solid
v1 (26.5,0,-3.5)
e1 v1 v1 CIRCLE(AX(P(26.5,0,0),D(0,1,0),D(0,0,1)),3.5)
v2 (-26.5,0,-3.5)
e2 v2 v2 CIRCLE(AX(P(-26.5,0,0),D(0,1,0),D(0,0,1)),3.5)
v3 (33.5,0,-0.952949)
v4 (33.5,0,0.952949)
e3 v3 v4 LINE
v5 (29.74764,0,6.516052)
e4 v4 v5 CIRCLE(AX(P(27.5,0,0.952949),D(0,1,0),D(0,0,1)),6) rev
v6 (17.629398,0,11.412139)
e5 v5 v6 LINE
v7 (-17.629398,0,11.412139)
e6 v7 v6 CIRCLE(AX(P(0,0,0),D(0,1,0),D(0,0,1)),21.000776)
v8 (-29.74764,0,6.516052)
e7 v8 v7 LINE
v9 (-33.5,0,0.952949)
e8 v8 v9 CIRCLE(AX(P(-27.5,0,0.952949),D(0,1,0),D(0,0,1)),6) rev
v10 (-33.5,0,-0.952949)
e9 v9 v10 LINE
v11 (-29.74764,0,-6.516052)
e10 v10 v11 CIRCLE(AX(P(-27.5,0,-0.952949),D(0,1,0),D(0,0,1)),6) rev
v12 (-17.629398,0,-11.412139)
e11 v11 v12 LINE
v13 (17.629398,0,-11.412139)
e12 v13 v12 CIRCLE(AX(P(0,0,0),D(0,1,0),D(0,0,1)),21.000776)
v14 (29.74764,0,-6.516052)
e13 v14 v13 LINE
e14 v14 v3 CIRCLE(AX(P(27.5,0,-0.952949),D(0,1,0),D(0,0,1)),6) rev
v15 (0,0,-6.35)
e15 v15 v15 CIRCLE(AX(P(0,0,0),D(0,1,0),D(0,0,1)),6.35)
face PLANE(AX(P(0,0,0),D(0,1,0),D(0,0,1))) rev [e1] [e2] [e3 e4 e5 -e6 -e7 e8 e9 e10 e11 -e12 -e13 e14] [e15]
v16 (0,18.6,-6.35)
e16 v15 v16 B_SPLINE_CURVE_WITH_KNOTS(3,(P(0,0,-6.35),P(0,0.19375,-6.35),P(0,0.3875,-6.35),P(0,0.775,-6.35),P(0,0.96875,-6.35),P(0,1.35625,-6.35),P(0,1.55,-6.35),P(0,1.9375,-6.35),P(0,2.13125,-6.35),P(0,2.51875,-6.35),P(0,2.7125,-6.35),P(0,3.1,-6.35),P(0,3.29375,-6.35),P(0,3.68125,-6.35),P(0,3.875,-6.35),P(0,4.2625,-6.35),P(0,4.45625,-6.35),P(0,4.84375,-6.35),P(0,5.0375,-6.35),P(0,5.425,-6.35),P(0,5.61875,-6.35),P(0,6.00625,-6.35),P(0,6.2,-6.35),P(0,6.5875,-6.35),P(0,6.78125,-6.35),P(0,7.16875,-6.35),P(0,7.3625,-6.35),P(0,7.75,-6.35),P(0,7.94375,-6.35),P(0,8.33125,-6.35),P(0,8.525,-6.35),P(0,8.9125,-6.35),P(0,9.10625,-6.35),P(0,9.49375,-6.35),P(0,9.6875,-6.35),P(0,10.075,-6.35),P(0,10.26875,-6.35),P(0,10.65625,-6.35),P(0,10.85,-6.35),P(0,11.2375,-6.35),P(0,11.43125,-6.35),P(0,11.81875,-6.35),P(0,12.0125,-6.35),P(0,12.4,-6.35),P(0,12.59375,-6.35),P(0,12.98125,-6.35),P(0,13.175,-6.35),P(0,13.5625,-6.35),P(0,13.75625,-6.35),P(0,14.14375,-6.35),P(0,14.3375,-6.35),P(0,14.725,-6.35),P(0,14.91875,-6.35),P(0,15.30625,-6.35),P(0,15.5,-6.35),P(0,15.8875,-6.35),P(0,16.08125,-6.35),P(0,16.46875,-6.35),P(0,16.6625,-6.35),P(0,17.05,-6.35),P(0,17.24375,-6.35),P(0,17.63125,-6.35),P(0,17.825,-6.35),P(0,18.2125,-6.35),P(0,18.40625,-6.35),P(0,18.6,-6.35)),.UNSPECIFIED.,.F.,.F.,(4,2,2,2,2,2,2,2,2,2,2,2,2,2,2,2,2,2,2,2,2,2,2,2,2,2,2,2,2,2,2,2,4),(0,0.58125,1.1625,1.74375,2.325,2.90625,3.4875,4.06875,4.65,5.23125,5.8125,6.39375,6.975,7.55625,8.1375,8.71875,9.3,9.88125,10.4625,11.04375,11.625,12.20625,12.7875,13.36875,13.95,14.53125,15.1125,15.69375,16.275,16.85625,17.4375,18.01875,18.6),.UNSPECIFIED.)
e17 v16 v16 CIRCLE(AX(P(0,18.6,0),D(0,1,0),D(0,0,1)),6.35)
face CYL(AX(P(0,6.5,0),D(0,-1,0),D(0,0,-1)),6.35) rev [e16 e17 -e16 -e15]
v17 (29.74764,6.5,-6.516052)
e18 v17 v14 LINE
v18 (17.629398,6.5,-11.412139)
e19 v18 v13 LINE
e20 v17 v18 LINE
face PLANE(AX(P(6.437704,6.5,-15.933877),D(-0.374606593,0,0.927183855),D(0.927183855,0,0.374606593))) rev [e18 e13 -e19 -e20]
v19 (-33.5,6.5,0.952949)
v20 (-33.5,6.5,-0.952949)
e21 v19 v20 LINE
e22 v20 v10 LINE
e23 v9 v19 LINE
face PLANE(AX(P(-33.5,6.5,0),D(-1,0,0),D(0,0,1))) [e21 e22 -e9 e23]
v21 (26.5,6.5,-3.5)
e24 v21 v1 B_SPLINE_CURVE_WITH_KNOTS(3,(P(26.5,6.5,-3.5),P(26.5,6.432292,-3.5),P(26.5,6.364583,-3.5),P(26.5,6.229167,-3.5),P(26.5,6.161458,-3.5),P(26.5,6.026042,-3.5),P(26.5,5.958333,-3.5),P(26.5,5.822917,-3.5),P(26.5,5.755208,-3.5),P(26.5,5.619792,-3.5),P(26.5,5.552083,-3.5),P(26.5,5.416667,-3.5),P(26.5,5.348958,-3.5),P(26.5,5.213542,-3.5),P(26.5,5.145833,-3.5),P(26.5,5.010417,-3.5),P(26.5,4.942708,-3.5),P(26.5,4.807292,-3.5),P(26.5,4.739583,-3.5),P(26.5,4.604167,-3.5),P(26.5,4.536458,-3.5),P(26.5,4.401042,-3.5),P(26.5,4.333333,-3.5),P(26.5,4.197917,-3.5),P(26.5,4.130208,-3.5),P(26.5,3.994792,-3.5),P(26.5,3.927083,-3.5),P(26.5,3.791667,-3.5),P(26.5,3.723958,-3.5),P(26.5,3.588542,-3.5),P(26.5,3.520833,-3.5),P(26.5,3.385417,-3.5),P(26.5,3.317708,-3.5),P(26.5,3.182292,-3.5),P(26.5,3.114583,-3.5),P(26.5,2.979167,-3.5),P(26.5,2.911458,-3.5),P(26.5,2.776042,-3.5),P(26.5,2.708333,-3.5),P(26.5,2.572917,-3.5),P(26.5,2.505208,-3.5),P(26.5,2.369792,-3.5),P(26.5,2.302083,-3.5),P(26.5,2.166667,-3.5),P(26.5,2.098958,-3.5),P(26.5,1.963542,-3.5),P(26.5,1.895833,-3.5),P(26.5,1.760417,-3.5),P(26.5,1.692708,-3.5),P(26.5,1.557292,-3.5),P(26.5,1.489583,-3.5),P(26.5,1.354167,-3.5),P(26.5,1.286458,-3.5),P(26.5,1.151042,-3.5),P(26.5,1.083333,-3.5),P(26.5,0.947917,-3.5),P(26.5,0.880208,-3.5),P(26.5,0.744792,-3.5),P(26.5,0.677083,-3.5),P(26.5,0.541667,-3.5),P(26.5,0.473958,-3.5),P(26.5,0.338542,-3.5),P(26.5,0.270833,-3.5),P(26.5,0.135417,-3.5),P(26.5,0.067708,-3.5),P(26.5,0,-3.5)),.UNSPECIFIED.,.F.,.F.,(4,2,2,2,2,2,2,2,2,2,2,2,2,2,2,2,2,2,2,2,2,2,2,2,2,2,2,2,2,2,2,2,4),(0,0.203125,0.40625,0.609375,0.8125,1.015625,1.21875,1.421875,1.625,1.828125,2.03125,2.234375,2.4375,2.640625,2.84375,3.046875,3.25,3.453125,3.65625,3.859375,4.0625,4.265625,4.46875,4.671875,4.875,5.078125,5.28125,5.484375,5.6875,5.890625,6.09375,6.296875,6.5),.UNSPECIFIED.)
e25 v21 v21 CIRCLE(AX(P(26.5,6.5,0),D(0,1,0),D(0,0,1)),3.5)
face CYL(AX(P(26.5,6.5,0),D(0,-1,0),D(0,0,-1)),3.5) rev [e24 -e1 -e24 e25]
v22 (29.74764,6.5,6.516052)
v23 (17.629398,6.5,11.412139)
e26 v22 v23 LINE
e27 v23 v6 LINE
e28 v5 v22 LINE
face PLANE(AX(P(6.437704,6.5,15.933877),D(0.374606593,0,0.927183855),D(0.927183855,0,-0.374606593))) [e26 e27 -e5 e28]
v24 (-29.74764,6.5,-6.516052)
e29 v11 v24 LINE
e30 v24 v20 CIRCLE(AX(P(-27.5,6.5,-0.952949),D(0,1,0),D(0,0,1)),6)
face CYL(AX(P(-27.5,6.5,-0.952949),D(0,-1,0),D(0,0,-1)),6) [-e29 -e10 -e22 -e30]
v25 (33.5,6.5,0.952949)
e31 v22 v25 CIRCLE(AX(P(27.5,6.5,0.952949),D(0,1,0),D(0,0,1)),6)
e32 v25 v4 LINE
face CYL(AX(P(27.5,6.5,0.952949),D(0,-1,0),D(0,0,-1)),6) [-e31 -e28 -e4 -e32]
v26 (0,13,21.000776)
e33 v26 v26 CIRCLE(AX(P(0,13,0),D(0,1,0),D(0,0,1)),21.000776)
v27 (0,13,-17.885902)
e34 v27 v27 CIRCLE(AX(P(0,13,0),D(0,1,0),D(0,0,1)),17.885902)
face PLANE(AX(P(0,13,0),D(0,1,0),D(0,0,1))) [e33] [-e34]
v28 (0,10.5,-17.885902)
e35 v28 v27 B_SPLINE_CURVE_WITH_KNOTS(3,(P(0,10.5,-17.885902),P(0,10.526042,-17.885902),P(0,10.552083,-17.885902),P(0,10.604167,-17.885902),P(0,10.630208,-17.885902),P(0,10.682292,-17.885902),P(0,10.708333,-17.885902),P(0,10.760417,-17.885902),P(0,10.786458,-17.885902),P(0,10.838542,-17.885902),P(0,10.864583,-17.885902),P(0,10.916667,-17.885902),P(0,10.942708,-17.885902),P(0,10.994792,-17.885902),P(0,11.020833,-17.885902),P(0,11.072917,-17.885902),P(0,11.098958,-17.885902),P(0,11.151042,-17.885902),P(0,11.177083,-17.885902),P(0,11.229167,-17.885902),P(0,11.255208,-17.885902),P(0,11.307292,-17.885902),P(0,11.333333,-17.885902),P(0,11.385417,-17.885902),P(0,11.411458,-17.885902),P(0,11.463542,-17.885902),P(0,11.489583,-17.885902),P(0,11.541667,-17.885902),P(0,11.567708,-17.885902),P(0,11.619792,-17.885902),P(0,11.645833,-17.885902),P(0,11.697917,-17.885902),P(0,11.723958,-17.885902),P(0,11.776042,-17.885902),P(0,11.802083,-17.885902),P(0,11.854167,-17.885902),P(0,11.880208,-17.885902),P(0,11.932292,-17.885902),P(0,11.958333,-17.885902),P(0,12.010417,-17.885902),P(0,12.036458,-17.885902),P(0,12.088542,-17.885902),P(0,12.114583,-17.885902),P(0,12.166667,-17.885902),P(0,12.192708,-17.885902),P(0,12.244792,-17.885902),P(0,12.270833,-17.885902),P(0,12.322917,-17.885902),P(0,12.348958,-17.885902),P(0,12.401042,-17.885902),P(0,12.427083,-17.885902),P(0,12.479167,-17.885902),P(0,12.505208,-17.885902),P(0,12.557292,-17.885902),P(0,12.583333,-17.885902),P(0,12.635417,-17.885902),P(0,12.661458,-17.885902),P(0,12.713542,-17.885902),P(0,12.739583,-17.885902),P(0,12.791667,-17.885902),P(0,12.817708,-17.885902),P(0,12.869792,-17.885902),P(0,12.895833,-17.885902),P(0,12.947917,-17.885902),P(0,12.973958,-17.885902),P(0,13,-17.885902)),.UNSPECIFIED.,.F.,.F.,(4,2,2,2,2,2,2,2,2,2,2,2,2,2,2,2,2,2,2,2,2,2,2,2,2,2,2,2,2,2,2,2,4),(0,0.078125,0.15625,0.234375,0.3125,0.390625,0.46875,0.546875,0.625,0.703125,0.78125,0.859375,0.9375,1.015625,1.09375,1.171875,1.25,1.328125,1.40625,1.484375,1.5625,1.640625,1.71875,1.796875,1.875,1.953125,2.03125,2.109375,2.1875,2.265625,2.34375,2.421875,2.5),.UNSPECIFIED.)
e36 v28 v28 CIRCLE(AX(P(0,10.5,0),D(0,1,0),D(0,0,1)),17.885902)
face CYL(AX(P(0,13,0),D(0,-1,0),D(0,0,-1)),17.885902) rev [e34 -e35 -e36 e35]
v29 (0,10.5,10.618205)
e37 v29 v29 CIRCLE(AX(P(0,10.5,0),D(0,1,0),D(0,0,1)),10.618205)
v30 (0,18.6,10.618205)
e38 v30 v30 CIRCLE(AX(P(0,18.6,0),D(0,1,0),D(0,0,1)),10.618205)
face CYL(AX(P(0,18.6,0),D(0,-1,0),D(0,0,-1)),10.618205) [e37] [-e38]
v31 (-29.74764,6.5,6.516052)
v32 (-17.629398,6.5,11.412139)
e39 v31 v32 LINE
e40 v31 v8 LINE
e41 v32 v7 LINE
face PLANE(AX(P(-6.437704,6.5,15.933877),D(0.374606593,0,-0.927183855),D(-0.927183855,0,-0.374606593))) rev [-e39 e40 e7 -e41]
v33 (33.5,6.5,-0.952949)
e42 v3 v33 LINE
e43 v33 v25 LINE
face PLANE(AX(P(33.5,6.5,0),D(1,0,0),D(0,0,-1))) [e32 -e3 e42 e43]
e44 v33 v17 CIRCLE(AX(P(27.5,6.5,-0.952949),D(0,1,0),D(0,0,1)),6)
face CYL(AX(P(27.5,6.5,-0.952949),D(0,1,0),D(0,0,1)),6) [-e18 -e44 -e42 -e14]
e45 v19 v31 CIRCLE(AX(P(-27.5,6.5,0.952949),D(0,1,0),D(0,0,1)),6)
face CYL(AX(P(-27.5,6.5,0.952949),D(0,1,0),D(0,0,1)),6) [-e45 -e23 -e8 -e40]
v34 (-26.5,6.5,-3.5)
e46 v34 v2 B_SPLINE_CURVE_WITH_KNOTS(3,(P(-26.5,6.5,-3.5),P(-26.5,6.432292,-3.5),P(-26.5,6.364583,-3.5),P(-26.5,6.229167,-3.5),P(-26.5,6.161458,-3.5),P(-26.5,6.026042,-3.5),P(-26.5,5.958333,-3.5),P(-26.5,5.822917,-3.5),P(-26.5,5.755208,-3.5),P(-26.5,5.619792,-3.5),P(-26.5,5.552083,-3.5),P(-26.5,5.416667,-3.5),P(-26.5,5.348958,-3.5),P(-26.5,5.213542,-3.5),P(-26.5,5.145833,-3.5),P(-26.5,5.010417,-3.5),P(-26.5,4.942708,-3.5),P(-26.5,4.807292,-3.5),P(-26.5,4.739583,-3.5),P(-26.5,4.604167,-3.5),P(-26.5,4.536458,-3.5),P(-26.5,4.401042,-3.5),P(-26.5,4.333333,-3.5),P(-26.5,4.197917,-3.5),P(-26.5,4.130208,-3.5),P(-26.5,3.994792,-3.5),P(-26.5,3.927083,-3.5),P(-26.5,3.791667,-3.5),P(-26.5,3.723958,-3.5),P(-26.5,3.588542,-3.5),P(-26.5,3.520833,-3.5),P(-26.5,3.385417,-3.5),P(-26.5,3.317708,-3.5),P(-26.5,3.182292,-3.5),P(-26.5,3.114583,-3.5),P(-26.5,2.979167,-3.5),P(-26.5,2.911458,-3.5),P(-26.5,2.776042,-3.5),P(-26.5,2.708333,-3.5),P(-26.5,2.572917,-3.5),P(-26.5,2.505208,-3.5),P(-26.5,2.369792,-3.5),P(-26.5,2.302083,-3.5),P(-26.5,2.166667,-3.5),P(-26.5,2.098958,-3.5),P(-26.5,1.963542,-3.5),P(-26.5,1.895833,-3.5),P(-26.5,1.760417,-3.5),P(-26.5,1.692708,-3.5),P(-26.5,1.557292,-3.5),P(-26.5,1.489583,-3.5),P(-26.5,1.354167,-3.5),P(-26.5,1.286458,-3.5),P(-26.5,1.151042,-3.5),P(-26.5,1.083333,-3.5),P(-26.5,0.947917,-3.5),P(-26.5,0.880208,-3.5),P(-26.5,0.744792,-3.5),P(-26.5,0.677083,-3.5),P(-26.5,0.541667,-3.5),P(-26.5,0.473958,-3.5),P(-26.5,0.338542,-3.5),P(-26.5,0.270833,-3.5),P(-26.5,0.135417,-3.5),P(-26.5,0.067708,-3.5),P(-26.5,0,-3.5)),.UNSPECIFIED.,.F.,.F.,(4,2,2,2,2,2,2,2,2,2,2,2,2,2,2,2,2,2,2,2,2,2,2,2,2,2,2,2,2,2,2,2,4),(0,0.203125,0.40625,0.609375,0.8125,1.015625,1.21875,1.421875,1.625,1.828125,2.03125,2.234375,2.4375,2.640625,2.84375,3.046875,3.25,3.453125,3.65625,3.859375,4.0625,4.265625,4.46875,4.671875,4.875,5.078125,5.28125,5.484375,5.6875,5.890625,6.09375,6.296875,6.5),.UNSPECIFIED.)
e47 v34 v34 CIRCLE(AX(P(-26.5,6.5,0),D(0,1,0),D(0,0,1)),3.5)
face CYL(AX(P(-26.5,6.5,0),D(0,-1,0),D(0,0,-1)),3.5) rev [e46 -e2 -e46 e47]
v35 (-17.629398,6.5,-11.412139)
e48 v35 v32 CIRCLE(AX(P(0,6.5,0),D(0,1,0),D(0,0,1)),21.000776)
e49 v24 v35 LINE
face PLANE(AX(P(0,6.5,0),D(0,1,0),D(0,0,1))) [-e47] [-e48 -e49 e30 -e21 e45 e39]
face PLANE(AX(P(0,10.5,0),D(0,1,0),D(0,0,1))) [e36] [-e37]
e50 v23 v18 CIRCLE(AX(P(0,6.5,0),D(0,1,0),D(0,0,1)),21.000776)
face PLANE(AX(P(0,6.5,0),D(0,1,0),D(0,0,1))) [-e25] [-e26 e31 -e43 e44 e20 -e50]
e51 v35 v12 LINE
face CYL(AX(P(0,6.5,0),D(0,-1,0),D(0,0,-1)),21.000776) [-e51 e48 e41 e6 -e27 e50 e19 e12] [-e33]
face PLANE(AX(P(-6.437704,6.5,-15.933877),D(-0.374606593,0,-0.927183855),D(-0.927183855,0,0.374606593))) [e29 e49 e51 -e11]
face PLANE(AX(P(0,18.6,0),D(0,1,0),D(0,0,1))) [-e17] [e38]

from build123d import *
from build123d.topology import SkipClean

# Parameters (mm, degrees)
SKETCH1_R           = 3.5
SKETCH1_R_2         = 21.000776116
SKETCH1_R_3         = 6.35
BOSS_EXTRUDE1_DEPTH = 6.5
SKETCH2_R           = 21.000776116
SKETCH2_R_2         = 17.885901882
BOSS_EXTRUDE2_DEPTH = 6.5
SKETCH3_R           = 10.618204783
SKETCH3_R_2         = 6.35
BOSS_EXTRUDE3_DEPTH = 12.1
SKETCH4_R           = 17.885901882
SKETCH4_R_2         = 10.618204783
BOSS_EXTRUDE5_DEPTH = 4
FILLET1_R           = 6


with BuildPart() as part:
    # Sketch1 → Boss-Extrude1 (new body)
    # profile 1 of 3: a face of its own
    with BuildSketch(Plane(origin=(0, 0, 0), x_dir=(1, 0, 0), z_dir=(0, 1, 0))):
        with BuildLine():
            Line((-33.5, 5), (-33.5, 0))
            Line((-33.5, 0), (-33.5, -5))
            Line((-33.5, -5), (-17.629397896, -11.41213947))
            ThreePointArc((-17.629397896, -11.41213947), (-21.000776116, 0), (-17.629397896, 11.41213947))
            Line((-17.629397896, 11.41213947), (-33.5, 5))
        make_face()
        with Locations(Location((-26.5, 0, 0), (0, 0, 90))):
            Circle(SKETCH1_R, mode=Mode.SUBTRACT)
    # profile 2 of 3: a face of its own
    with BuildSketch(Plane(origin=(0, 0, 0), x_dir=(1, 0, 0), z_dir=(0, 1, 0))):
        Circle(SKETCH1_R_2)
        with Locations(Location((0, 0, 0), (0, 0, 90))):
            Circle(SKETCH1_R_3, mode=Mode.SUBTRACT)
    # profile 3 of 3: a face of its own
    with BuildSketch(Plane(origin=(0, 0, 0), x_dir=(1, 0, 0), z_dir=(0, 1, 0))):
        with BuildLine():
            Line((33.5, 5), (17.629397896, 11.41213947))
            ThreePointArc((17.629397896, 11.41213947), (20.140303321, 5.949855426), (21.000776116, 0))
            ThreePointArc((21.000776116, 0), (20.140303321, -5.949855426), (17.629397896, -11.41213947))
            Line((17.629397896, -11.41213947), (33.5, -5))
            Line((33.5, -5), (33.5, 0))
            Line((33.5, 0), (33.5, 5))
        make_face()
        with Locations(Location((26.5, 0, 0), (0, 0, 90))):
            Circle(SKETCH1_R, mode=Mode.SUBTRACT)
    extrude(amount=BOSS_EXTRUDE1_DEPTH)

    # Sketch2 → Boss-Extrude2 (add)
    with BuildSketch(Plane(origin=(0, 6.5, 0), x_dir=(1, 0, 0), z_dir=(0, 1, 0))):
        with Locations(Location((0, 0, 0), (0, 0, 32.916425521))):
            Circle(SKETCH2_R)
        with Locations(Location((0, 0, 0), (0, 0, 90))):
            Circle(SKETCH2_R_2, mode=Mode.SUBTRACT)
    extrude(amount=BOSS_EXTRUDE2_DEPTH)

    # Sketch3 → Boss-Extrude3 (add)
    with SkipClean():  # the faces are left unmerged after this step: merging them gives an invalid solid
        with BuildSketch(Plane(origin=(0, 6.5, 0), x_dir=(1, 0, 0), z_dir=(0, 1, 0))):
            with Locations(Location((0, 0, 0), (0, 0, 270))):
                Circle(SKETCH3_R)
            with Locations(Location((0, 0, 0), (0, 0, 90))):
                Circle(SKETCH3_R_2, mode=Mode.SUBTRACT)
        extrude(amount=BOSS_EXTRUDE3_DEPTH)

    # Sketch4 → Boss-Extrude5 (add)
    with SkipClean():  # the faces are left unmerged after this step: merging them gives an invalid solid
        with BuildSketch(Plane(origin=(0, 6.5, 0), x_dir=(1, 0, 0), z_dir=(0, 1, 0))):
            with Locations(Location((0, 0, 0), (0, 0, 90))):
                Circle(SKETCH4_R)
            with Locations(Location((0, 0, 0), (0, 0, 270))):
                Circle(SKETCH4_R_2, mode=Mode.SUBTRACT)
        extrude(amount=BOSS_EXTRUDE5_DEPTH)

    # Fillet1
    fillet1_edges = [part.edges().sort_by_distance(p)[0] for p in [
        (33.5, 3.25, 5),
        (33.5, 3.25, -5),
        (-33.5, 3.25, 5),
        (-33.5, 3.25, -5),
    ]]
    fillet(fillet1_edges, radius=FILLET1_R)


solid = part.part
